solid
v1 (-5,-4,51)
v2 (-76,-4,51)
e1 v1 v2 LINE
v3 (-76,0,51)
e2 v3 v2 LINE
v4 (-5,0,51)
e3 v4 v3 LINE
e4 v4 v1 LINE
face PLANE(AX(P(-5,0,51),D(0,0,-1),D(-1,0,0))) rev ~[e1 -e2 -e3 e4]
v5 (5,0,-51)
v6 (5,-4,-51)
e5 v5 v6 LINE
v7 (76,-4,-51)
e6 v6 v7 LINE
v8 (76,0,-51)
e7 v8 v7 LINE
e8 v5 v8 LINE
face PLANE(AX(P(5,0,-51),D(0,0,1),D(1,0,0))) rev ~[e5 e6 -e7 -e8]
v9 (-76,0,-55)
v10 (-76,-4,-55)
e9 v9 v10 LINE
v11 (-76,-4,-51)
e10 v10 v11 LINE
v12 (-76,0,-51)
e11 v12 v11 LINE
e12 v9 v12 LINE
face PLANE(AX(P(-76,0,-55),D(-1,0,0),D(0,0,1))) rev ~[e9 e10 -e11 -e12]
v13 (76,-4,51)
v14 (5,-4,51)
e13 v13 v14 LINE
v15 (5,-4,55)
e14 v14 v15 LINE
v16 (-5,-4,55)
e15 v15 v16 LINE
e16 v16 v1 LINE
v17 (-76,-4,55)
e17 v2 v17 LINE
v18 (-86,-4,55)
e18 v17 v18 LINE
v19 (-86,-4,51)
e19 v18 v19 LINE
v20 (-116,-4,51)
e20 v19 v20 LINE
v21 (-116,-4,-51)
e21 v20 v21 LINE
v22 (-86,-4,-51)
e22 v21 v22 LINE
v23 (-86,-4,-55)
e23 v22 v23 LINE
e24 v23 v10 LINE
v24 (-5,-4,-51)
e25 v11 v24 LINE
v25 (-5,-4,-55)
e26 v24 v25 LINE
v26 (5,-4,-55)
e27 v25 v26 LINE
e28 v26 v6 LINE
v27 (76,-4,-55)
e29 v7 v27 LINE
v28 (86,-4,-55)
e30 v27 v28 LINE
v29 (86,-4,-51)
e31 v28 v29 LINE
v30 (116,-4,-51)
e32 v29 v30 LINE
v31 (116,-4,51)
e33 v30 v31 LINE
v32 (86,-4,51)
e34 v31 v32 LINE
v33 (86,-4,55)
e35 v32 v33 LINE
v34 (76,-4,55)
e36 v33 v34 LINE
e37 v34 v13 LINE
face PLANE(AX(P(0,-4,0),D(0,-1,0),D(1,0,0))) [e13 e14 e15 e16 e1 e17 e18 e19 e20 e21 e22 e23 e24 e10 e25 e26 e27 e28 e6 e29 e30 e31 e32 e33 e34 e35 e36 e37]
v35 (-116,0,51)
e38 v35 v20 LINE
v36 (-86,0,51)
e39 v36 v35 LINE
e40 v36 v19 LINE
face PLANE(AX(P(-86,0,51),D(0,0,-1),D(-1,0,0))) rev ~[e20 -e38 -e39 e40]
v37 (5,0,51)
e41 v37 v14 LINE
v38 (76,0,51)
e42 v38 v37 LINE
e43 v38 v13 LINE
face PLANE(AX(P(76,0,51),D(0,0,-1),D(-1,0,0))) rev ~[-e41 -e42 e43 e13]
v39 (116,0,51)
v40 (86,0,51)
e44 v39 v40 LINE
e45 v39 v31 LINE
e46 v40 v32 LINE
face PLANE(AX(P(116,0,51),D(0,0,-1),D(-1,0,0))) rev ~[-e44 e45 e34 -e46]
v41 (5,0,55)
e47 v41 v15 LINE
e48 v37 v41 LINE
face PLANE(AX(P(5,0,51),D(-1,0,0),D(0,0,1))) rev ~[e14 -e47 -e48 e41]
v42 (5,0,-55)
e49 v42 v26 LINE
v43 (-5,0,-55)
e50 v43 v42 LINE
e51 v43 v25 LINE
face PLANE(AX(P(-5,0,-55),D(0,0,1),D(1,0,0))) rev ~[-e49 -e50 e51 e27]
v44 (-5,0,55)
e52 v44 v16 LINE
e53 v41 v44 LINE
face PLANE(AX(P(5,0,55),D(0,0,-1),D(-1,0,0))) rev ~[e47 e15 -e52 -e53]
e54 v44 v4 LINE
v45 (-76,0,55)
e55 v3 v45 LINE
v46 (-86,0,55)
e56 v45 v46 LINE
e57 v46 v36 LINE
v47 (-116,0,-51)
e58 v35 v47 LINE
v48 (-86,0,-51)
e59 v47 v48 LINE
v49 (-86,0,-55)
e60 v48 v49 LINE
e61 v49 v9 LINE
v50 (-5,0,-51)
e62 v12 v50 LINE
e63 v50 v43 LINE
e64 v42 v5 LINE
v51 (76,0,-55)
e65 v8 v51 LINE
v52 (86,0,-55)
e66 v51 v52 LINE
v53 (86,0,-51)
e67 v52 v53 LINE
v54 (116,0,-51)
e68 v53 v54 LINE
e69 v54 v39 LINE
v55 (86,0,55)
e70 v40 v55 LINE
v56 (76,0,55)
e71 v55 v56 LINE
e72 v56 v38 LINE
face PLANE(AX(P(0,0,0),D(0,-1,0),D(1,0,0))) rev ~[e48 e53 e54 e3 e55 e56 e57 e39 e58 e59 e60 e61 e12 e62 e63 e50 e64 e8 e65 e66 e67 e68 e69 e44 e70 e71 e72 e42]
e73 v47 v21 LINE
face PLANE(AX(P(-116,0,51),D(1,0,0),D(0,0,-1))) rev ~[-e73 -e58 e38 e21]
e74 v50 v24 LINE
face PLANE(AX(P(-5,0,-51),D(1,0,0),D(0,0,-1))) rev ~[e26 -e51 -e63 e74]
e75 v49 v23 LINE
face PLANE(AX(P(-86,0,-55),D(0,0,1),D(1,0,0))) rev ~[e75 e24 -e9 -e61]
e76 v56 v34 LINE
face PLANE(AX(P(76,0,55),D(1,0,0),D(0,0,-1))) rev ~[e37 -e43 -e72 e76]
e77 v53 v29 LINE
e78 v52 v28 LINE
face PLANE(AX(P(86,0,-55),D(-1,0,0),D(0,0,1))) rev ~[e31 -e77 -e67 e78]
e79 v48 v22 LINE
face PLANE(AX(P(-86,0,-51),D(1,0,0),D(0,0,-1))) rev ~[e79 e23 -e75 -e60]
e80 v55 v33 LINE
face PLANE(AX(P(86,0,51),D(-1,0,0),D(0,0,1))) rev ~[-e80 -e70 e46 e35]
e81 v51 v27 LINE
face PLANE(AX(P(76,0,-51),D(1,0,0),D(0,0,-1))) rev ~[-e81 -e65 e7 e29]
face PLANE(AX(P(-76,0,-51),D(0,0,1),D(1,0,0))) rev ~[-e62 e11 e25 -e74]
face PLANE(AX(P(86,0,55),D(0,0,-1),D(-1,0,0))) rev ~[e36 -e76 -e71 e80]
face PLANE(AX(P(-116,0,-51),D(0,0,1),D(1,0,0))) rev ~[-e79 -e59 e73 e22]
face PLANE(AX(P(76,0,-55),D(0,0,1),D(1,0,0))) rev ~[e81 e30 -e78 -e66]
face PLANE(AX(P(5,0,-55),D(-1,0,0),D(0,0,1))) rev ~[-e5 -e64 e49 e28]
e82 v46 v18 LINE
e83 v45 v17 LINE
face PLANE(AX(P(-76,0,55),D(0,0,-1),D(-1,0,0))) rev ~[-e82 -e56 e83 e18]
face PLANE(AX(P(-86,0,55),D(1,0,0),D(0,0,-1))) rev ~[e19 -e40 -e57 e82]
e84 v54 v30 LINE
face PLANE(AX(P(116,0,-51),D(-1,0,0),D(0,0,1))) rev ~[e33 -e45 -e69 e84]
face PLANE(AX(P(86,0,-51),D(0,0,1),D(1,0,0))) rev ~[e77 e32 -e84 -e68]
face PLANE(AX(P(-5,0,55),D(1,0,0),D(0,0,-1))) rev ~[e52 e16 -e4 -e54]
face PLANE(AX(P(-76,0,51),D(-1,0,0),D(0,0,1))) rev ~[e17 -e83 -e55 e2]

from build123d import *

# Parameters (mm, degrees)
F1_DEPTH = 4


with BuildPart() as f1:
    # F0 (on Front) → F1 (new body)
    with BuildSketch(Plane.XZ):
        Polygon((-86, 51), (-116, 51), (-116, -51), (-86, -51), (-86, -55), (-76, -55), (-76, -51), (-5, -51), (-5, -55), (5, -55), (5, -51), (76, -51), (76, -55), (86, -55), (86, -51), (116, -51), (116, 51), (86, 51), (86, 55), (76, 55), (76, 51), (5, 51), (5, 55), (-5, 55), (-5, 51), (-76, 51), (-76, 55), (-86, 55), align=None)
    extrude(amount=F1_DEPTH)


solid = f1.part
